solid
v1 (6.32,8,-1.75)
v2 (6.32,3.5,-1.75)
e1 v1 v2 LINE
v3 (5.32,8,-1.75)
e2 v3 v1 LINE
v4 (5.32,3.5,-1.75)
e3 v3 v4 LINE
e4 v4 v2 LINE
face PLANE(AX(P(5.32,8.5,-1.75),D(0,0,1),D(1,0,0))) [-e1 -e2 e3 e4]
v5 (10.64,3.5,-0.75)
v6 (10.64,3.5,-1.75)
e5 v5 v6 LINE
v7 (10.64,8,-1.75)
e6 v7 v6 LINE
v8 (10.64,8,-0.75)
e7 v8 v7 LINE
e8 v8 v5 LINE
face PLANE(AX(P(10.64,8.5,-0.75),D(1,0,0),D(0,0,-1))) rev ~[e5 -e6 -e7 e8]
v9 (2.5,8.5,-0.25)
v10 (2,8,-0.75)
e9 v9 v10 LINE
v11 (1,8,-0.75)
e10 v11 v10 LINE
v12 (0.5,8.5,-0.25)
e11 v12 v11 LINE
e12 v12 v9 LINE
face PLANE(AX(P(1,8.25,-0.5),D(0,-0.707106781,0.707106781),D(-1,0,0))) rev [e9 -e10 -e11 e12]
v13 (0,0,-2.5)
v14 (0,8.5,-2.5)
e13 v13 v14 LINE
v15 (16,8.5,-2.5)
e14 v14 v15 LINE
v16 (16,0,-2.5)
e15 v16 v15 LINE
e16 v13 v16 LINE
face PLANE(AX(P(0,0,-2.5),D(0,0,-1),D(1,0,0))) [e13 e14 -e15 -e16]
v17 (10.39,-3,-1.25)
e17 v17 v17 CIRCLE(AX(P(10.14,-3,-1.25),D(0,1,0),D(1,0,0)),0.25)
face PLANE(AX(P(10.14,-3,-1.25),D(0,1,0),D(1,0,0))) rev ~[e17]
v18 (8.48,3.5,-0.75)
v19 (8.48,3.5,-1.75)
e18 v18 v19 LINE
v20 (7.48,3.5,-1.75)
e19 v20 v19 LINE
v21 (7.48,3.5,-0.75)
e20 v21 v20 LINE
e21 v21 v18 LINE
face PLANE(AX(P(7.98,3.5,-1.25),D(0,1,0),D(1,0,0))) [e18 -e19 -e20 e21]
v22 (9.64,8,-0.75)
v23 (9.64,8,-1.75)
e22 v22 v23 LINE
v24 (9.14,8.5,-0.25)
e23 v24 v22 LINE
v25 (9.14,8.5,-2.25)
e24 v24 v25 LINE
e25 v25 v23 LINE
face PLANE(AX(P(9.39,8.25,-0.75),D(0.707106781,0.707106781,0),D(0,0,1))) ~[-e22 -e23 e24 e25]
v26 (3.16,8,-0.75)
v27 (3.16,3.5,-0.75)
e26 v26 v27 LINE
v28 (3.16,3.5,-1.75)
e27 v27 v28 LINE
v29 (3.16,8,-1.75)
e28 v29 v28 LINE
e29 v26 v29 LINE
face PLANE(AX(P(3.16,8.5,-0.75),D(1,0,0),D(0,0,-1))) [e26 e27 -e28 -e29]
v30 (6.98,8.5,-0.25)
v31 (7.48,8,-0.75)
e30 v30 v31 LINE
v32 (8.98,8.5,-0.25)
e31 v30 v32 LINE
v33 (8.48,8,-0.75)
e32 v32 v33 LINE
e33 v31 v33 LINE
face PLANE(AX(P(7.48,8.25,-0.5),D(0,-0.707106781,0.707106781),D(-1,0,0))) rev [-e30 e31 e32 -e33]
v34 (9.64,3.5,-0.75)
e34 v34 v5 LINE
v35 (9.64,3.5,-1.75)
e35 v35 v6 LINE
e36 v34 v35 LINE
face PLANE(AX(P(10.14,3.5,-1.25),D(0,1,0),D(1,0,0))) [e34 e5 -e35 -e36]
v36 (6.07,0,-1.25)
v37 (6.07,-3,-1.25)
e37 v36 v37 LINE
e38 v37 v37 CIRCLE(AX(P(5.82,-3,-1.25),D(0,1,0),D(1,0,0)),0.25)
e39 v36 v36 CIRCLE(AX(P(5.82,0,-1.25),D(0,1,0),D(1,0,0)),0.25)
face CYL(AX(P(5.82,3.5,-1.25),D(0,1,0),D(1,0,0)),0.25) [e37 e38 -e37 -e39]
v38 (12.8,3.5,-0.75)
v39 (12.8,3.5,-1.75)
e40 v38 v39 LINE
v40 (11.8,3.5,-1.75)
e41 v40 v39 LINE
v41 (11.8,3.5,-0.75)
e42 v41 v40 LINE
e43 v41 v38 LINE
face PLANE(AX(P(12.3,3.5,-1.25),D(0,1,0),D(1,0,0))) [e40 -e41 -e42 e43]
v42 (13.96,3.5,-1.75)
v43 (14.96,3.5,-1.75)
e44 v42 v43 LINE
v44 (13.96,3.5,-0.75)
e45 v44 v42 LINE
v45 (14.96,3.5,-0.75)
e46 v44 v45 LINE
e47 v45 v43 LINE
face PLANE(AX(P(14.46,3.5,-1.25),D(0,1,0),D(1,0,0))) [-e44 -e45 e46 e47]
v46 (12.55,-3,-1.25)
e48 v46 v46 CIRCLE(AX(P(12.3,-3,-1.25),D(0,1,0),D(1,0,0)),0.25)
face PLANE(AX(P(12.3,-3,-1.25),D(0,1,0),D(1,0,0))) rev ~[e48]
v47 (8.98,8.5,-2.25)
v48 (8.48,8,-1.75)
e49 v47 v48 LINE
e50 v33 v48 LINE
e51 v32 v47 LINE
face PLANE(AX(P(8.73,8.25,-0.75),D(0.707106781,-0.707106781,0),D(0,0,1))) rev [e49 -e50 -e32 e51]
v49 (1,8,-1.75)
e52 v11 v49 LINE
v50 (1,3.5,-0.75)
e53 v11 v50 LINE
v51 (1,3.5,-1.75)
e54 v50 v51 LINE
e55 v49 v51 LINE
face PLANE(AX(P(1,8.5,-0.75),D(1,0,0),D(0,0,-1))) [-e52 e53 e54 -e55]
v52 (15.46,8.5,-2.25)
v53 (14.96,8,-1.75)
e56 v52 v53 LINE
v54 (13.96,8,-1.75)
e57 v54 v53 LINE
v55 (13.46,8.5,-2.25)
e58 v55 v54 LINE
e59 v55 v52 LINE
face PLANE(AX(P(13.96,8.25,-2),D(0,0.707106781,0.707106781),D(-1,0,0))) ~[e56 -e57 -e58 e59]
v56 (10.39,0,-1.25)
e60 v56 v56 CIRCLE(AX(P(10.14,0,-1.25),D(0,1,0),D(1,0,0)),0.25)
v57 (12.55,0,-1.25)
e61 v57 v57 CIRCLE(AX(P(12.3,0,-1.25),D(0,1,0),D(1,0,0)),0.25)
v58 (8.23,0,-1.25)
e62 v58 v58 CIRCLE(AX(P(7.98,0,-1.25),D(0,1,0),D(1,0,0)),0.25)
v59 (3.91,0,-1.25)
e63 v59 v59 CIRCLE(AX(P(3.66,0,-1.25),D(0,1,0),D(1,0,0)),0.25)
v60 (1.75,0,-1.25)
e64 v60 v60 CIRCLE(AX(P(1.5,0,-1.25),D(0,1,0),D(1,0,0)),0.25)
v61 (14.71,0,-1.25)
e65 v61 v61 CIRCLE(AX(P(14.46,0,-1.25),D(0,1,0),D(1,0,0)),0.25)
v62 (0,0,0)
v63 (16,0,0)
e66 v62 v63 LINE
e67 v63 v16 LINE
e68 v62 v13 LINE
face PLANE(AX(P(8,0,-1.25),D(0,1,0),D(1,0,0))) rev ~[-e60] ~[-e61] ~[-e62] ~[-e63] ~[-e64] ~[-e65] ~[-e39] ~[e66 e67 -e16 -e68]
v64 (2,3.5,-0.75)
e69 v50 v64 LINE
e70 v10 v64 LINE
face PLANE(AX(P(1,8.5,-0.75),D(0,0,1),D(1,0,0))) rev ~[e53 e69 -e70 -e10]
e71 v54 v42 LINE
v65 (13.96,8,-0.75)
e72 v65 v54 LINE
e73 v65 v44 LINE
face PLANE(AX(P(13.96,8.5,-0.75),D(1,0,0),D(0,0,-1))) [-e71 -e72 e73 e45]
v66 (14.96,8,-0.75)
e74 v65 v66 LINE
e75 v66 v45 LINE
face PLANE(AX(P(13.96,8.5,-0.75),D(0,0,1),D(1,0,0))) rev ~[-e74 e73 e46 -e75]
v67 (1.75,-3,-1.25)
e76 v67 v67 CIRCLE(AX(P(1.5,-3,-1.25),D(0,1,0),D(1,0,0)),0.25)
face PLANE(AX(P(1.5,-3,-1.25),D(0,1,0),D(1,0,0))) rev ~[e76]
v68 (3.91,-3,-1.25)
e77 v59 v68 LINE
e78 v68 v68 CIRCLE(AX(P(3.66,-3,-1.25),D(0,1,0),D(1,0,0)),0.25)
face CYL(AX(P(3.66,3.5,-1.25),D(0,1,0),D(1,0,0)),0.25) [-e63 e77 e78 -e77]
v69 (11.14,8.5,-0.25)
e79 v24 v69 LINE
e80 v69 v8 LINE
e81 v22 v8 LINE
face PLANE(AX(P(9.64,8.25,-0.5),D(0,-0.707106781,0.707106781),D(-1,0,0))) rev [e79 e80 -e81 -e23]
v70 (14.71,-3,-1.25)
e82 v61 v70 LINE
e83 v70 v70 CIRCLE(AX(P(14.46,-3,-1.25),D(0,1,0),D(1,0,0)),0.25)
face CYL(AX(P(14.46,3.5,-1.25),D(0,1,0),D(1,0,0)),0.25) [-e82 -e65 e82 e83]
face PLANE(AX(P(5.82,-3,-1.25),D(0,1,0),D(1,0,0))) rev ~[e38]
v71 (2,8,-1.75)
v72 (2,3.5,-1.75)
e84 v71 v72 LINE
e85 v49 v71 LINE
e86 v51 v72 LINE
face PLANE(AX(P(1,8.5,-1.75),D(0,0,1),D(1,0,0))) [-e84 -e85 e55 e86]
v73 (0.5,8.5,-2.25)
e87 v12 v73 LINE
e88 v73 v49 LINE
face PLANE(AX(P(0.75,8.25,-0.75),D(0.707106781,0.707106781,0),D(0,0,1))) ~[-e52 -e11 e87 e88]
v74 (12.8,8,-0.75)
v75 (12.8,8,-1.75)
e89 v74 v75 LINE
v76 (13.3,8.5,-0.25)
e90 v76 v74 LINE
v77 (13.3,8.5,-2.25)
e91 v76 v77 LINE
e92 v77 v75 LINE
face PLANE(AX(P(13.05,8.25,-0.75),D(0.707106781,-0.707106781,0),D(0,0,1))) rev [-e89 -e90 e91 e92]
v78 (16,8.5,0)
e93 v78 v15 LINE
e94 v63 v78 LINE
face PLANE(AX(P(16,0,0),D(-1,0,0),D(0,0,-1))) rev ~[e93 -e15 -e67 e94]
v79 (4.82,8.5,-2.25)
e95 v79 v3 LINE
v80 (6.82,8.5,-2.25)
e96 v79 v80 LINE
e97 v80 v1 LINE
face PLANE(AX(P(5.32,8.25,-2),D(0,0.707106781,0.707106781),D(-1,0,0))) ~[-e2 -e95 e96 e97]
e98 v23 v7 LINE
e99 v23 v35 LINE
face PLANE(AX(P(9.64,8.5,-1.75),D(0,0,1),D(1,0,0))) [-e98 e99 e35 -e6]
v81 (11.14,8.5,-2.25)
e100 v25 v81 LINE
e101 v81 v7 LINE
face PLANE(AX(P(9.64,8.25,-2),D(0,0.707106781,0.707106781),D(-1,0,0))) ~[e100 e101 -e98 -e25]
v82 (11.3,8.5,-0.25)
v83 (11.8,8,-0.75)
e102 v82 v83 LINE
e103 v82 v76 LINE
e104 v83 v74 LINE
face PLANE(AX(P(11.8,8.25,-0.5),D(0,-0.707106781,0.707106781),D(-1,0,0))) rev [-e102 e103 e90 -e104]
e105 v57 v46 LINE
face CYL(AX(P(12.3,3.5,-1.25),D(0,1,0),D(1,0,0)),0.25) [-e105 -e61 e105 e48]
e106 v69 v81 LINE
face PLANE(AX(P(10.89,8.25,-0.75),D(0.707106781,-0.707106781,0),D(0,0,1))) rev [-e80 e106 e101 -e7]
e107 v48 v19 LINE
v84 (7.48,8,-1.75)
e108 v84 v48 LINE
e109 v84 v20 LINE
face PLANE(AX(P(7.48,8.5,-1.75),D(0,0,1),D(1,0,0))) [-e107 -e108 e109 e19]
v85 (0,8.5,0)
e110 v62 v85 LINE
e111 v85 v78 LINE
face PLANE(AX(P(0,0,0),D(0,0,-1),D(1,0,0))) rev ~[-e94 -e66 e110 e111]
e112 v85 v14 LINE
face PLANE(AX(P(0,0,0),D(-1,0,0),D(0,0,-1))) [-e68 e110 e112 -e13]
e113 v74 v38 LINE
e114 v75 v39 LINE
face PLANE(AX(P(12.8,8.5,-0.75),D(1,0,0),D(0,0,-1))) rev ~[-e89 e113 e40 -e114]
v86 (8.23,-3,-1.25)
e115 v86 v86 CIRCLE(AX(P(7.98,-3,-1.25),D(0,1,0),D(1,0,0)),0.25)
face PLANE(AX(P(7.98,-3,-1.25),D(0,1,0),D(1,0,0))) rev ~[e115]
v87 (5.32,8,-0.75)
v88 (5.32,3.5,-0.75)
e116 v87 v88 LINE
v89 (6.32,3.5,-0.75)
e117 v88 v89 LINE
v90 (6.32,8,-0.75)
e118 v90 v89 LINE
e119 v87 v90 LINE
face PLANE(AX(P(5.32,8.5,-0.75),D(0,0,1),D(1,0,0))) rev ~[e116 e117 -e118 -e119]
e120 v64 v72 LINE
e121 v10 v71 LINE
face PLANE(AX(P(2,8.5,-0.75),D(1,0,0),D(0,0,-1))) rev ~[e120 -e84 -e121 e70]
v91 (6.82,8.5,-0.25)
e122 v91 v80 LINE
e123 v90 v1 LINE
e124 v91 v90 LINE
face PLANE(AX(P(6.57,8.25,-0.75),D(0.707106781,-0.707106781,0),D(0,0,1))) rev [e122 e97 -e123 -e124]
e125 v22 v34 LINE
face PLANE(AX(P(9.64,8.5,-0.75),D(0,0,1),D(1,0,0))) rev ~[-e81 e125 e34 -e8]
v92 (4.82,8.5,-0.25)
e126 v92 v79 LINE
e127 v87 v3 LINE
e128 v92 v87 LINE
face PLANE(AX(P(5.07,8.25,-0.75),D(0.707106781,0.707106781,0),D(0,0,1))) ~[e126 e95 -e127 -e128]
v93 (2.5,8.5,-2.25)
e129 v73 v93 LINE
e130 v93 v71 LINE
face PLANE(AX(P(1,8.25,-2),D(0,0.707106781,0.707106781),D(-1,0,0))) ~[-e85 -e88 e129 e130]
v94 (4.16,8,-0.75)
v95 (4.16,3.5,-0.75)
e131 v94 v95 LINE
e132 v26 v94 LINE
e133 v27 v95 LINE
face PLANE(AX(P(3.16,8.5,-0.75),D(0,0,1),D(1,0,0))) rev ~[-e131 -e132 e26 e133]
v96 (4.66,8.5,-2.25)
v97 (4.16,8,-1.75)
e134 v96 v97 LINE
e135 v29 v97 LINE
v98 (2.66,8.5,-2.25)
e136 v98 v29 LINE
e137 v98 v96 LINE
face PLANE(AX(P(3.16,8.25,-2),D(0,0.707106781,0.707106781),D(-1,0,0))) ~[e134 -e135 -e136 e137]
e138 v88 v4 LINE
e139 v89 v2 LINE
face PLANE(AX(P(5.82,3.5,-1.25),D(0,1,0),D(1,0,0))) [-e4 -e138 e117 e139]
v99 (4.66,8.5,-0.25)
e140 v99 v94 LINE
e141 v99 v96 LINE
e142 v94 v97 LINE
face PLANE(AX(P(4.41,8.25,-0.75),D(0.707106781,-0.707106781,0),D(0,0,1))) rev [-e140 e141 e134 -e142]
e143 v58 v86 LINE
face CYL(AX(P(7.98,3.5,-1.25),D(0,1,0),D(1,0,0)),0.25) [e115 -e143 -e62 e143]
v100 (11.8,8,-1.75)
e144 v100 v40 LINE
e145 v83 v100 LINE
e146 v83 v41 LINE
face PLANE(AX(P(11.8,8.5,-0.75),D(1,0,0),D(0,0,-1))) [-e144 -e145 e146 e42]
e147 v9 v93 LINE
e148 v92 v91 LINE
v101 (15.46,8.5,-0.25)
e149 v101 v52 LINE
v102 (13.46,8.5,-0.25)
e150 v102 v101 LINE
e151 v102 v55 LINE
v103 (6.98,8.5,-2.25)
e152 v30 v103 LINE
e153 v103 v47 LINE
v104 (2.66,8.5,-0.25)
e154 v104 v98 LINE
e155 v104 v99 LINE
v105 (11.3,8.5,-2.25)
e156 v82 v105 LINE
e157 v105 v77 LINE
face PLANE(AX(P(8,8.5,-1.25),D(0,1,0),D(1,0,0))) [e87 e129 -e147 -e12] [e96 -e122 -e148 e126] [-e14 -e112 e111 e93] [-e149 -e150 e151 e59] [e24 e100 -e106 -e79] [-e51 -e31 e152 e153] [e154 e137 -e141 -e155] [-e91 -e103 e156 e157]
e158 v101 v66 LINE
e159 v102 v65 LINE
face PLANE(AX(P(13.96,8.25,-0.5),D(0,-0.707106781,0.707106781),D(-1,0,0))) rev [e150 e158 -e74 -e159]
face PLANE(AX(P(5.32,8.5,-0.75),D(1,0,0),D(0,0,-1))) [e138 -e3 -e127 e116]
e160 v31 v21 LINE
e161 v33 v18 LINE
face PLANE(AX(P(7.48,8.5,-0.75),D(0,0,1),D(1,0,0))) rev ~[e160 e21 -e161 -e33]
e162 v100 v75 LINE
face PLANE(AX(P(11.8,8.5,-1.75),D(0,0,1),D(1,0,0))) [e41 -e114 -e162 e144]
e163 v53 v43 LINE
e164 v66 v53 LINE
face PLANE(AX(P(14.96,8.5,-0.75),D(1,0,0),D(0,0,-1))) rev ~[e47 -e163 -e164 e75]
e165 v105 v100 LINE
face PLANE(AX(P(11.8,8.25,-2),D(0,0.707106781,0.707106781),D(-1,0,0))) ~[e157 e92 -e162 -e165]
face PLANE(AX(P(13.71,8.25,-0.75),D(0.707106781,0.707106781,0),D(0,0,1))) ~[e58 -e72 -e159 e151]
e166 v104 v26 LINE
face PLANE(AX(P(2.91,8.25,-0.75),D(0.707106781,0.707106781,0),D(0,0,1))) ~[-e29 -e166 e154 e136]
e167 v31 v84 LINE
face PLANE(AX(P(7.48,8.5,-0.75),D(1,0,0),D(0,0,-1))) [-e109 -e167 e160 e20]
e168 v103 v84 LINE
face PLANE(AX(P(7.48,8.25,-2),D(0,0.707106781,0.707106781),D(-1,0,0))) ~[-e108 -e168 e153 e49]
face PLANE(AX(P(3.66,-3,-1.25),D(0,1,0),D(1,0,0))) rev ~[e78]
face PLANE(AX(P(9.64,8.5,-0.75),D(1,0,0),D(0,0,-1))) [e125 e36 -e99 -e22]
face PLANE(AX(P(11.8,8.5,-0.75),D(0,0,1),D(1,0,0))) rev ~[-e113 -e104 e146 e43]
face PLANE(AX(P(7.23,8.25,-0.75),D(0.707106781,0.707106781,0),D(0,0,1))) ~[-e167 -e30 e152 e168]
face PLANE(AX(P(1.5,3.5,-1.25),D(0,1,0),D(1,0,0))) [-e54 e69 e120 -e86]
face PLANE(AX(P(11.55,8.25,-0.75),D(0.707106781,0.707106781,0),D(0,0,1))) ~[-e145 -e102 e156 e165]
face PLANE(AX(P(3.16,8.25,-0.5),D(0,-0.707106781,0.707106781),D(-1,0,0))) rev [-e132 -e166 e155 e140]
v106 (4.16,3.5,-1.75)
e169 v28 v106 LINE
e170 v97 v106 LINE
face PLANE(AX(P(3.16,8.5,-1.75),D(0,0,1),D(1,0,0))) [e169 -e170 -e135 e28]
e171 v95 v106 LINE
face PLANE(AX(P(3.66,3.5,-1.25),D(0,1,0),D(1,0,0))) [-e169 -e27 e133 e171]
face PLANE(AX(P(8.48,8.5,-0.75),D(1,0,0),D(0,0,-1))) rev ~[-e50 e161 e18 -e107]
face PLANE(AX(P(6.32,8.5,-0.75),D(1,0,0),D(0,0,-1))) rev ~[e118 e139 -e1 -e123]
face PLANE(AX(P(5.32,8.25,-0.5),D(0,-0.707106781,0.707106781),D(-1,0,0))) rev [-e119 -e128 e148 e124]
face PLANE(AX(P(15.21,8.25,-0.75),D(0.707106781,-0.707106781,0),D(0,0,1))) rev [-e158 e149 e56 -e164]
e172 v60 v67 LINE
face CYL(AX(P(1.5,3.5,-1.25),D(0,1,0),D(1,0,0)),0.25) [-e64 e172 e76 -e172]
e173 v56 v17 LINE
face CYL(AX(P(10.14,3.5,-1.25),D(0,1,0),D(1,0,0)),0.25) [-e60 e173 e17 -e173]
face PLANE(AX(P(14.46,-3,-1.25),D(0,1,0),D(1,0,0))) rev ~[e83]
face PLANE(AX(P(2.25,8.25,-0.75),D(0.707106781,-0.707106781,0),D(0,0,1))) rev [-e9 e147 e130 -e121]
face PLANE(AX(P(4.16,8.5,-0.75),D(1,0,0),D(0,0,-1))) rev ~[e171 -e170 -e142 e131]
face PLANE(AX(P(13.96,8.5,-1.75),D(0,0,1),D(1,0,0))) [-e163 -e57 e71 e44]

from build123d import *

# Parameters (mm, degrees)
SKETCH1_W           = 16
SKETCH1_H           = 2.5
BOSS_EXTRUDE1_DEPTH = 8.5
SKETCH2_W           = 1
SKETCH2_H           = 1
CUT_EXTRUDE1_DEPTH  = 5
CHAMFER1_SIZE       = 0.5
SKETCH3_R           = 0.25
BOSS_EXTRUDE2_DEPTH = 6.5


with BuildPart() as part:
    # Sketch1 → Boss-Extrude1 (new body)
    with BuildSketch(Plane(origin=(0, 0, 0), x_dir=(1, 0, 0), z_dir=(0, 1, 0))):
        with Locations((8, 1.25)):
            Rectangle(SKETCH1_W, SKETCH1_H)
    extrude(amount=BOSS_EXTRUDE1_DEPTH)

    # Sketch2 → Cut-Extrude1 (cut)
    with BuildSketch(Plane(origin=(0, 8.5, 0), x_dir=(1, 0, 0), z_dir=(0, 1, 0))):
        with Locations((1.5, 1.25)):
            Rectangle(SKETCH2_W, SKETCH2_H)
        with Locations((3.66, 1.25)):
            Rectangle(SKETCH2_W, SKETCH2_H)
        with Locations((5.82, 1.25)):
            Rectangle(SKETCH2_W, SKETCH2_H)
        with Locations((7.98, 1.25)):
            Rectangle(SKETCH2_W, SKETCH2_H)
        with Locations((10.14, 1.25)):
            Rectangle(SKETCH2_W, SKETCH2_H)
        with Locations((12.3, 1.25)):
            Rectangle(SKETCH2_W, SKETCH2_H)
        with Locations((14.46, 1.25)):
            Rectangle(SKETCH2_W, SKETCH2_H)
    extrude(amount=-CUT_EXTRUDE1_DEPTH, mode=Mode.SUBTRACT)

    # Chamfer1
    chamfer1_edges = [part.edges().sort_by_distance(p)[0] for p in [
        (1, 8.5, -1.25),
        (1.5, 8.5, -0.75),
        (2, 8.5, -1.25),
        (1.5, 8.5, -1.75),
        (3.16, 8.5, -1.25),
        (3.66, 8.5, -0.75),
        (4.16, 8.5, -1.25),
        (3.66, 8.5, -1.75),
        (5.32, 8.5, -1.25),
        (5.82, 8.5, -0.75),
        (6.32, 8.5, -1.25),
        (5.82, 8.5, -1.75),
        (7.48, 8.5, -1.25),
        (7.98, 8.5, -0.75),
        (8.48, 8.5, -1.25),
        (7.98, 8.5, -1.75),
        (9.64, 8.5, -1.25),
        (10.14, 8.5, -0.75),
        (10.64, 8.5, -1.25),
        (10.14, 8.5, -1.75),
        (11.8, 8.5, -1.25),
        (12.3, 8.5, -0.75),
        (12.8, 8.5, -1.25),
        (12.3, 8.5, -1.75),
        (13.96, 8.5, -1.25),
        (14.46, 8.5, -0.75),
        (14.96, 8.5, -1.25),
        (14.46, 8.5, -1.75),
    ]]
    chamfer(chamfer1_edges, length=CHAMFER1_SIZE)

    # Sketch3 → Boss-Extrude2 (add)
    with BuildSketch(Plane(origin=(0, 3.5, 0), x_dir=(1, 0, 0), z_dir=(0, 1, 0))):
        with Locations((1.5, 1.25)):
            Circle(SKETCH3_R)
        with Locations((3.66, 1.25)):
            Circle(SKETCH3_R)
        with Locations((5.82, 1.25)):
            Circle(SKETCH3_R)
        with Locations((7.98, 1.25)):
            Circle(SKETCH3_R)
        with Locations((10.14, 1.25)):
            Circle(SKETCH3_R)
        with Locations((12.3, 1.25)):
            Circle(SKETCH3_R)
        with Locations((14.46, 1.25)):
            Circle(SKETCH3_R)
    extrude(amount=-BOSS_EXTRUDE2_DEPTH)


solid = part.part
